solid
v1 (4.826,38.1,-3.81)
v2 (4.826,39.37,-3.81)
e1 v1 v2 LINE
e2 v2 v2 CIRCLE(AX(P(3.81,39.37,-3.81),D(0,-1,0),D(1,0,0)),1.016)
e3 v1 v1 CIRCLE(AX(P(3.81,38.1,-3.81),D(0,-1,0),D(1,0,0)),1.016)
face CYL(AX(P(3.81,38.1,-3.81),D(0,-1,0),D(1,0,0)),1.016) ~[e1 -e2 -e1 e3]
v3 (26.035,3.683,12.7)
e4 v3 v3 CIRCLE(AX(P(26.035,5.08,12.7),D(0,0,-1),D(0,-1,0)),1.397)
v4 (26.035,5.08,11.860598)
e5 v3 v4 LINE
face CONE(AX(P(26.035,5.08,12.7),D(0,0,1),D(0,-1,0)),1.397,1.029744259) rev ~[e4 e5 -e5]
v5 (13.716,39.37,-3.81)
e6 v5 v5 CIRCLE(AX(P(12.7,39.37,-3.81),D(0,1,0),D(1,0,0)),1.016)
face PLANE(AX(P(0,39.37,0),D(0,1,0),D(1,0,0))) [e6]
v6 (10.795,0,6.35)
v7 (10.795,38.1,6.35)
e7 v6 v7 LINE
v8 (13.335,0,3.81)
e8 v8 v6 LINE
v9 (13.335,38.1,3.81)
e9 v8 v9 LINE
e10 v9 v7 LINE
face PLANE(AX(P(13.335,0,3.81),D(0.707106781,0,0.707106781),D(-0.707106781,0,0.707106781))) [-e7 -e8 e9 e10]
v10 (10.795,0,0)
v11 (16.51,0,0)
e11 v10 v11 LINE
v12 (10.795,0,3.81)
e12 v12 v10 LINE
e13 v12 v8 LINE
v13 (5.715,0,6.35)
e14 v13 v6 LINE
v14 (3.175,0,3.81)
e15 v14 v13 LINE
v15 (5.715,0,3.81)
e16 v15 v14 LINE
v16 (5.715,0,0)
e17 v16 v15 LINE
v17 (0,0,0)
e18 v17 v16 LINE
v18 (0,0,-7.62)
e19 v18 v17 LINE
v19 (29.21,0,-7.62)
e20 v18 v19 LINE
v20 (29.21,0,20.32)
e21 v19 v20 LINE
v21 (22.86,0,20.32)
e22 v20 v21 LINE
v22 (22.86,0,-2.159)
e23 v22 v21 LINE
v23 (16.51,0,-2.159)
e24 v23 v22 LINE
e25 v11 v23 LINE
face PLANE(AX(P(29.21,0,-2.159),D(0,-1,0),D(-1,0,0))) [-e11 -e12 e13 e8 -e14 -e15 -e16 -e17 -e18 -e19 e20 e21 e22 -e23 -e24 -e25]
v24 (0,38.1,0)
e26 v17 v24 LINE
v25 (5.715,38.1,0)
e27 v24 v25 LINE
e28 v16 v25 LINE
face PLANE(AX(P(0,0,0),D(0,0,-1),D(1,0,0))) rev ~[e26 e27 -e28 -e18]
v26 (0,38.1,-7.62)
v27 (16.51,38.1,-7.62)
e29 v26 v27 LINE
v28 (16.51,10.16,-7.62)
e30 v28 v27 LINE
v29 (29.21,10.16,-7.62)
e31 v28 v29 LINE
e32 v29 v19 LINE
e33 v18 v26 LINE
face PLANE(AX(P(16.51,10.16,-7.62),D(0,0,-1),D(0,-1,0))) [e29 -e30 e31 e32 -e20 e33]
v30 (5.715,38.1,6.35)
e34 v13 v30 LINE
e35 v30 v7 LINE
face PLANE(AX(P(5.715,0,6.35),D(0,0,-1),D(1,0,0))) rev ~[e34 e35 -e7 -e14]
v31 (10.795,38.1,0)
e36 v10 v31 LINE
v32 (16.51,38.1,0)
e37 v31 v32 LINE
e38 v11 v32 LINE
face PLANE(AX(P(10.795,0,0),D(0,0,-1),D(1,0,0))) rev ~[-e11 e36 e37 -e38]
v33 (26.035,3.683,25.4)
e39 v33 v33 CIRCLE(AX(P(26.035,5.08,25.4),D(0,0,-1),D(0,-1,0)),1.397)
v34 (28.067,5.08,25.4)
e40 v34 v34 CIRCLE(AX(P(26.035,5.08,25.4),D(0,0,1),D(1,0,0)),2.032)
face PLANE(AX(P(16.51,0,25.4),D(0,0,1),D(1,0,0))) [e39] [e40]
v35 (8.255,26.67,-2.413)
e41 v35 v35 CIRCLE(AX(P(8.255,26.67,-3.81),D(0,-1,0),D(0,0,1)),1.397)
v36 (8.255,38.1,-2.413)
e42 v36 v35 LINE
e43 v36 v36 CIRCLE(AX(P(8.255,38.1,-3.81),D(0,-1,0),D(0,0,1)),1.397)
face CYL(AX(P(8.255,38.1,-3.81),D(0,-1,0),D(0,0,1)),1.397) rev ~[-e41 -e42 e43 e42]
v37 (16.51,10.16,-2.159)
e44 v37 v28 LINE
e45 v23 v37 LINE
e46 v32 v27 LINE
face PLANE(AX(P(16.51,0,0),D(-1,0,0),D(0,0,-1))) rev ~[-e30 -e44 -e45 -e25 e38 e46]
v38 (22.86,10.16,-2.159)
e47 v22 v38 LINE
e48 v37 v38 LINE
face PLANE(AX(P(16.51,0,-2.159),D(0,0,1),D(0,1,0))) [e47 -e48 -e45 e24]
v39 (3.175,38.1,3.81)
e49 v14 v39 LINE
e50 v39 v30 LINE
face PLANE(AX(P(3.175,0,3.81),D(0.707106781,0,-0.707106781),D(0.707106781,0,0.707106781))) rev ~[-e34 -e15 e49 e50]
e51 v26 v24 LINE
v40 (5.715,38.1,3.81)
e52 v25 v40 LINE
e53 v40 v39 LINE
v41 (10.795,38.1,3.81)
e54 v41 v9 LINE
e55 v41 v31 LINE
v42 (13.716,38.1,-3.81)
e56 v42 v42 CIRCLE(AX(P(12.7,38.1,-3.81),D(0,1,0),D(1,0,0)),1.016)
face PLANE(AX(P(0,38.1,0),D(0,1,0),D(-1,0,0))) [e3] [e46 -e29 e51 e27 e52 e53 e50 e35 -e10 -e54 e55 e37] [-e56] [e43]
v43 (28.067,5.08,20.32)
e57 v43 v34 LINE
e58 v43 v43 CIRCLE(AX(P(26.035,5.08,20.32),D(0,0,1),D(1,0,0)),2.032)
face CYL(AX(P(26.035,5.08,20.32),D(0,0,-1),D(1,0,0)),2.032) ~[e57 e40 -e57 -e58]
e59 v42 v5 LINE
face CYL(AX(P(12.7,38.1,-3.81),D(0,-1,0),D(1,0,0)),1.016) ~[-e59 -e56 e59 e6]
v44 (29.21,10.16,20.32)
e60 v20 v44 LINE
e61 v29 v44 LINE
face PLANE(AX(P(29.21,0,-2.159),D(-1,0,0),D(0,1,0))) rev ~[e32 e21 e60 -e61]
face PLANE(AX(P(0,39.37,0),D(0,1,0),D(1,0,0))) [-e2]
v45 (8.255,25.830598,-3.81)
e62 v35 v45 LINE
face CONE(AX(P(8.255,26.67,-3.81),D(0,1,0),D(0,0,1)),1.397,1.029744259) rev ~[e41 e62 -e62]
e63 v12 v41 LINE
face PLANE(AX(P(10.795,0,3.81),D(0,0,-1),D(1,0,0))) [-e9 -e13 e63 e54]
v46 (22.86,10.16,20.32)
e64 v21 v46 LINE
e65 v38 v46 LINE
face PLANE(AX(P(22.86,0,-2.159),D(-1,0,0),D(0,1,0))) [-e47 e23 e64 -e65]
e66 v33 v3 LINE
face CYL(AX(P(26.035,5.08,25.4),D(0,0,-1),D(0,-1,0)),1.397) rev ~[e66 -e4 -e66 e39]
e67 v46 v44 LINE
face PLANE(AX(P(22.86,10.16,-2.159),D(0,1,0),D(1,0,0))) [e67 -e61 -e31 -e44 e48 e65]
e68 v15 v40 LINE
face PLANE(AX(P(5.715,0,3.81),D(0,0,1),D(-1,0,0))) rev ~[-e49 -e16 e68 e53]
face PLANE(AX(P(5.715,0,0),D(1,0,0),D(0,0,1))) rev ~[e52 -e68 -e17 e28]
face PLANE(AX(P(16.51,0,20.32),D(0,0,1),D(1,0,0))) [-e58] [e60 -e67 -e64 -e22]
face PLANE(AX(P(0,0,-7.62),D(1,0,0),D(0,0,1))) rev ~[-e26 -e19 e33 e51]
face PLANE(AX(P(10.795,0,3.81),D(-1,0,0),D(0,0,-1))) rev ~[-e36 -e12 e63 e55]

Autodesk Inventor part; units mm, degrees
ref_plane "YZ Plane" through (0, 0, 0) normal (1, 0, 0) x (0, 1, 0)
ref_plane "XZ Plane" through (0, 0, 0) normal (0, 1, 0) x (-1, 0, 0)
ref_plane "XY Plane" through (0, 0, 0) normal (0, 0, 1) x (1, 0, 0)
sketch "Sketch1" plane through (0, 0, 0) normal (0, 1, 0) x (-1, 0, 0)
  line L0 (0, 0) -> (-16.51, 0)
  line L1 (-16.51, 0) -> (-16.51, -7.62)
  line L2 (-16.51, -7.62) -> (0, -7.62)
  line L3 (0, -7.62) -> (0, 0)
  line L4 (-8.255, 0) -> (-5.715, 0)
  line L5 (-5.715, 0) -> (-5.715, 6.35)
  line L6 (-5.715, 6.35) -> (-10.795, 6.35)
  line L7 (-10.795, 6.35) -> (-10.795, 0)
  line L8 (-5.715, -7.62) -> (-5.715, -8.89)
  line L9 (-5.715, -8.89) -> (-10.795, -8.89)
  line L10 (-10.795, -8.89) -> (-10.795, -7.62)
  line L11 (-10.795, 6.35) -> (-10.795, 3.81)
  line L12 (-10.795, 3.81) -> (-13.335, 3.81)
  line L13 (-13.335, 3.81) -> (-10.795, 6.35)
  line L14 (-5.715, 6.35) -> (-5.715, 3.81)
  line L15 (-5.715, 3.81) -> (-3.175, 3.81)
  line L16 (-3.175, 3.81) -> (-5.715, 6.35)
  point P0 (-8.255, -7.62)
  point P1 (0, -3.81)
  point P2 (-16.51, -3.81)
  dimension "d0" = 16.51
  dimension "d1" = 7.62
  dimension "d2" = 2.54
  dimension "d3" = 6.35
  dimension "d4" = 5.08
  dimension "d5" = 1.27
  dimension "d6" = 2.54
  dimension "d7" = 2.54
  dimension "d8" = 2.54
  dimension "d9" = 2.54
extrude "Extrusion1" add sketch "Sketch1" along normal blind 38.1
sketch "Sketch2" plane through (0, 38.1, 0) normal (0, 1, 0) x (1, 0, 0)
  line L0 (16.51, 0) -> (16.51, 7.62) projected
  line L1 (16.51, 3.81) -> (12.7, 3.81)
  line L2 (0, 7.62) -> (0, 0) projected
  circle A0 centre (12.7, 3.81) radius 1.016
  dimension "d12" = 3.81
  dimension "d14" = 2.032
extrude "Extrusion2" add sketch "Sketch2" along normal blind 1.27
sketch "Sketch3" plane through (0, 38.1, 0) normal (0, 1, 0) x (1, 0, 0)
  line L0 (0, 7.62) -> (0, 0) projected
  line L1 (0, 3.81) -> (3.81, 3.81)
  circle A0 centre (3.81, 3.81) radius 1.016
  dimension "d20" = 3.81
  dimension "d21" = 2.032
extrude "Extrusion3" add sketch "Sketch3" along normal blind 1.27
sketch "Sketch6" plane through (0, 38.1, 0) normal (0, 1, 0) x (1, 0, 0)
  line L0 (16.51, 0) -> (16.51, 7.62) projected
  line L1 (16.51, 3.81) -> (8.255, 3.81)
  circle A0 centre (8.255, 3.81) radius 1.397
  point P0 (0, 0)
  dimension "d24" = 8.255
  dimension "d25" = 2.794
hole "Hole1" at (8.255, 38.1, -3.81) at (8.255, 38.1, -3.81) direction (0, -1, 0) diameter 2.794 depth 11.43 tip angle 118
sketch "Sketch7" plane through (16.51, 0, 0) normal (1, 0, 0) x (0, 0, -1)
  line L0 (0, 0) -> (7.62, 0) projected
  line L1 (7.62, 0) -> (2.159, 0)
  line L2 (2.159, 0) -> (2.159, 10.16)
  line L3 (2.159, 10.16) -> (7.62, 10.16)
  line L4 (7.62, 10.16) -> (7.62, 0)
  dimension "d33" = 5.461
  dimension "d34" = 10.16
extrude "Extrusion4" add sketch "Sketch7" along normal blind 12.7
sketch "Sketch8" plane through (16.51, 0, -2.159) normal (0, 0, 1) x (1, 0, 0)
  line L0 (12.7, 0) -> (12.7, 10.16) projected
  line L1 (0, 10.16) -> (12.7, 10.16) projected
  line L2 (12.7, 0) -> (6.35, 0)
  line L3 (6.35, 0) -> (6.35, 10.16)
  line L4 (6.35, 10.16) -> (12.7, 10.16)
  line L5 (12.7, 10.16) -> (12.7, 0)
  point P0 (-16.51, 0)
extrude "Extrusion5" add sketch "Sketch8" along normal blind 22.479
sketch "Sketch11" plane through (16.51, 0, 20.32) normal (0, 0, 1) x (1, 0, 0)
  line L0 (12.7, 0) -> (12.7, 10.16) projected
  line L1 (12.7, 5.08) -> (9.525, 5.08)
  circle A0 centre (9.525, 5.08) radius 2.032
  point P0 (-16.51, 0)
  dimension "d41" = 3.175
  dimension "d42" = 4.064
extrude "Extrusion6" add sketch "Sketch11" along normal blind 5.08
sketch "Sketch12" plane through (26.035, 5.08, 25.4) normal (0, 0, 1) x (1, 0, 0)
  circle A0 centre (0, 0) radius 1.397
  point P0 (-26.035, -5.08)
  dimension "d45" = 2.794
hole "Hole2" at (26.035, 5.08, 25.4) direction (0, 0, -1) diameter 2.794 depth 12.7 tip angle 118
sketch "Sketch13" plane through (10.795, 0, -8.89) normal (0, 0, -1) x (-1, 0, 0)
  line L0 (0, 0) -> (0, 38.1) projected
  line L1 (0, 0) -> (5.08, 0) projected
  line L2 (0, 38.1) -> (5.08, 38.1)
  line L3 (5.08, 38.1) -> (5.08, 0)
  line L4 (5.08, 0) -> (0, 0)
  line L5 (0, 0) -> (0, 38.1)
  point P0 (10.795, 0)
extrude "Extrusion7" cut sketch "Sketch13" against normal blind 1.27
properties part number "Grab1"
